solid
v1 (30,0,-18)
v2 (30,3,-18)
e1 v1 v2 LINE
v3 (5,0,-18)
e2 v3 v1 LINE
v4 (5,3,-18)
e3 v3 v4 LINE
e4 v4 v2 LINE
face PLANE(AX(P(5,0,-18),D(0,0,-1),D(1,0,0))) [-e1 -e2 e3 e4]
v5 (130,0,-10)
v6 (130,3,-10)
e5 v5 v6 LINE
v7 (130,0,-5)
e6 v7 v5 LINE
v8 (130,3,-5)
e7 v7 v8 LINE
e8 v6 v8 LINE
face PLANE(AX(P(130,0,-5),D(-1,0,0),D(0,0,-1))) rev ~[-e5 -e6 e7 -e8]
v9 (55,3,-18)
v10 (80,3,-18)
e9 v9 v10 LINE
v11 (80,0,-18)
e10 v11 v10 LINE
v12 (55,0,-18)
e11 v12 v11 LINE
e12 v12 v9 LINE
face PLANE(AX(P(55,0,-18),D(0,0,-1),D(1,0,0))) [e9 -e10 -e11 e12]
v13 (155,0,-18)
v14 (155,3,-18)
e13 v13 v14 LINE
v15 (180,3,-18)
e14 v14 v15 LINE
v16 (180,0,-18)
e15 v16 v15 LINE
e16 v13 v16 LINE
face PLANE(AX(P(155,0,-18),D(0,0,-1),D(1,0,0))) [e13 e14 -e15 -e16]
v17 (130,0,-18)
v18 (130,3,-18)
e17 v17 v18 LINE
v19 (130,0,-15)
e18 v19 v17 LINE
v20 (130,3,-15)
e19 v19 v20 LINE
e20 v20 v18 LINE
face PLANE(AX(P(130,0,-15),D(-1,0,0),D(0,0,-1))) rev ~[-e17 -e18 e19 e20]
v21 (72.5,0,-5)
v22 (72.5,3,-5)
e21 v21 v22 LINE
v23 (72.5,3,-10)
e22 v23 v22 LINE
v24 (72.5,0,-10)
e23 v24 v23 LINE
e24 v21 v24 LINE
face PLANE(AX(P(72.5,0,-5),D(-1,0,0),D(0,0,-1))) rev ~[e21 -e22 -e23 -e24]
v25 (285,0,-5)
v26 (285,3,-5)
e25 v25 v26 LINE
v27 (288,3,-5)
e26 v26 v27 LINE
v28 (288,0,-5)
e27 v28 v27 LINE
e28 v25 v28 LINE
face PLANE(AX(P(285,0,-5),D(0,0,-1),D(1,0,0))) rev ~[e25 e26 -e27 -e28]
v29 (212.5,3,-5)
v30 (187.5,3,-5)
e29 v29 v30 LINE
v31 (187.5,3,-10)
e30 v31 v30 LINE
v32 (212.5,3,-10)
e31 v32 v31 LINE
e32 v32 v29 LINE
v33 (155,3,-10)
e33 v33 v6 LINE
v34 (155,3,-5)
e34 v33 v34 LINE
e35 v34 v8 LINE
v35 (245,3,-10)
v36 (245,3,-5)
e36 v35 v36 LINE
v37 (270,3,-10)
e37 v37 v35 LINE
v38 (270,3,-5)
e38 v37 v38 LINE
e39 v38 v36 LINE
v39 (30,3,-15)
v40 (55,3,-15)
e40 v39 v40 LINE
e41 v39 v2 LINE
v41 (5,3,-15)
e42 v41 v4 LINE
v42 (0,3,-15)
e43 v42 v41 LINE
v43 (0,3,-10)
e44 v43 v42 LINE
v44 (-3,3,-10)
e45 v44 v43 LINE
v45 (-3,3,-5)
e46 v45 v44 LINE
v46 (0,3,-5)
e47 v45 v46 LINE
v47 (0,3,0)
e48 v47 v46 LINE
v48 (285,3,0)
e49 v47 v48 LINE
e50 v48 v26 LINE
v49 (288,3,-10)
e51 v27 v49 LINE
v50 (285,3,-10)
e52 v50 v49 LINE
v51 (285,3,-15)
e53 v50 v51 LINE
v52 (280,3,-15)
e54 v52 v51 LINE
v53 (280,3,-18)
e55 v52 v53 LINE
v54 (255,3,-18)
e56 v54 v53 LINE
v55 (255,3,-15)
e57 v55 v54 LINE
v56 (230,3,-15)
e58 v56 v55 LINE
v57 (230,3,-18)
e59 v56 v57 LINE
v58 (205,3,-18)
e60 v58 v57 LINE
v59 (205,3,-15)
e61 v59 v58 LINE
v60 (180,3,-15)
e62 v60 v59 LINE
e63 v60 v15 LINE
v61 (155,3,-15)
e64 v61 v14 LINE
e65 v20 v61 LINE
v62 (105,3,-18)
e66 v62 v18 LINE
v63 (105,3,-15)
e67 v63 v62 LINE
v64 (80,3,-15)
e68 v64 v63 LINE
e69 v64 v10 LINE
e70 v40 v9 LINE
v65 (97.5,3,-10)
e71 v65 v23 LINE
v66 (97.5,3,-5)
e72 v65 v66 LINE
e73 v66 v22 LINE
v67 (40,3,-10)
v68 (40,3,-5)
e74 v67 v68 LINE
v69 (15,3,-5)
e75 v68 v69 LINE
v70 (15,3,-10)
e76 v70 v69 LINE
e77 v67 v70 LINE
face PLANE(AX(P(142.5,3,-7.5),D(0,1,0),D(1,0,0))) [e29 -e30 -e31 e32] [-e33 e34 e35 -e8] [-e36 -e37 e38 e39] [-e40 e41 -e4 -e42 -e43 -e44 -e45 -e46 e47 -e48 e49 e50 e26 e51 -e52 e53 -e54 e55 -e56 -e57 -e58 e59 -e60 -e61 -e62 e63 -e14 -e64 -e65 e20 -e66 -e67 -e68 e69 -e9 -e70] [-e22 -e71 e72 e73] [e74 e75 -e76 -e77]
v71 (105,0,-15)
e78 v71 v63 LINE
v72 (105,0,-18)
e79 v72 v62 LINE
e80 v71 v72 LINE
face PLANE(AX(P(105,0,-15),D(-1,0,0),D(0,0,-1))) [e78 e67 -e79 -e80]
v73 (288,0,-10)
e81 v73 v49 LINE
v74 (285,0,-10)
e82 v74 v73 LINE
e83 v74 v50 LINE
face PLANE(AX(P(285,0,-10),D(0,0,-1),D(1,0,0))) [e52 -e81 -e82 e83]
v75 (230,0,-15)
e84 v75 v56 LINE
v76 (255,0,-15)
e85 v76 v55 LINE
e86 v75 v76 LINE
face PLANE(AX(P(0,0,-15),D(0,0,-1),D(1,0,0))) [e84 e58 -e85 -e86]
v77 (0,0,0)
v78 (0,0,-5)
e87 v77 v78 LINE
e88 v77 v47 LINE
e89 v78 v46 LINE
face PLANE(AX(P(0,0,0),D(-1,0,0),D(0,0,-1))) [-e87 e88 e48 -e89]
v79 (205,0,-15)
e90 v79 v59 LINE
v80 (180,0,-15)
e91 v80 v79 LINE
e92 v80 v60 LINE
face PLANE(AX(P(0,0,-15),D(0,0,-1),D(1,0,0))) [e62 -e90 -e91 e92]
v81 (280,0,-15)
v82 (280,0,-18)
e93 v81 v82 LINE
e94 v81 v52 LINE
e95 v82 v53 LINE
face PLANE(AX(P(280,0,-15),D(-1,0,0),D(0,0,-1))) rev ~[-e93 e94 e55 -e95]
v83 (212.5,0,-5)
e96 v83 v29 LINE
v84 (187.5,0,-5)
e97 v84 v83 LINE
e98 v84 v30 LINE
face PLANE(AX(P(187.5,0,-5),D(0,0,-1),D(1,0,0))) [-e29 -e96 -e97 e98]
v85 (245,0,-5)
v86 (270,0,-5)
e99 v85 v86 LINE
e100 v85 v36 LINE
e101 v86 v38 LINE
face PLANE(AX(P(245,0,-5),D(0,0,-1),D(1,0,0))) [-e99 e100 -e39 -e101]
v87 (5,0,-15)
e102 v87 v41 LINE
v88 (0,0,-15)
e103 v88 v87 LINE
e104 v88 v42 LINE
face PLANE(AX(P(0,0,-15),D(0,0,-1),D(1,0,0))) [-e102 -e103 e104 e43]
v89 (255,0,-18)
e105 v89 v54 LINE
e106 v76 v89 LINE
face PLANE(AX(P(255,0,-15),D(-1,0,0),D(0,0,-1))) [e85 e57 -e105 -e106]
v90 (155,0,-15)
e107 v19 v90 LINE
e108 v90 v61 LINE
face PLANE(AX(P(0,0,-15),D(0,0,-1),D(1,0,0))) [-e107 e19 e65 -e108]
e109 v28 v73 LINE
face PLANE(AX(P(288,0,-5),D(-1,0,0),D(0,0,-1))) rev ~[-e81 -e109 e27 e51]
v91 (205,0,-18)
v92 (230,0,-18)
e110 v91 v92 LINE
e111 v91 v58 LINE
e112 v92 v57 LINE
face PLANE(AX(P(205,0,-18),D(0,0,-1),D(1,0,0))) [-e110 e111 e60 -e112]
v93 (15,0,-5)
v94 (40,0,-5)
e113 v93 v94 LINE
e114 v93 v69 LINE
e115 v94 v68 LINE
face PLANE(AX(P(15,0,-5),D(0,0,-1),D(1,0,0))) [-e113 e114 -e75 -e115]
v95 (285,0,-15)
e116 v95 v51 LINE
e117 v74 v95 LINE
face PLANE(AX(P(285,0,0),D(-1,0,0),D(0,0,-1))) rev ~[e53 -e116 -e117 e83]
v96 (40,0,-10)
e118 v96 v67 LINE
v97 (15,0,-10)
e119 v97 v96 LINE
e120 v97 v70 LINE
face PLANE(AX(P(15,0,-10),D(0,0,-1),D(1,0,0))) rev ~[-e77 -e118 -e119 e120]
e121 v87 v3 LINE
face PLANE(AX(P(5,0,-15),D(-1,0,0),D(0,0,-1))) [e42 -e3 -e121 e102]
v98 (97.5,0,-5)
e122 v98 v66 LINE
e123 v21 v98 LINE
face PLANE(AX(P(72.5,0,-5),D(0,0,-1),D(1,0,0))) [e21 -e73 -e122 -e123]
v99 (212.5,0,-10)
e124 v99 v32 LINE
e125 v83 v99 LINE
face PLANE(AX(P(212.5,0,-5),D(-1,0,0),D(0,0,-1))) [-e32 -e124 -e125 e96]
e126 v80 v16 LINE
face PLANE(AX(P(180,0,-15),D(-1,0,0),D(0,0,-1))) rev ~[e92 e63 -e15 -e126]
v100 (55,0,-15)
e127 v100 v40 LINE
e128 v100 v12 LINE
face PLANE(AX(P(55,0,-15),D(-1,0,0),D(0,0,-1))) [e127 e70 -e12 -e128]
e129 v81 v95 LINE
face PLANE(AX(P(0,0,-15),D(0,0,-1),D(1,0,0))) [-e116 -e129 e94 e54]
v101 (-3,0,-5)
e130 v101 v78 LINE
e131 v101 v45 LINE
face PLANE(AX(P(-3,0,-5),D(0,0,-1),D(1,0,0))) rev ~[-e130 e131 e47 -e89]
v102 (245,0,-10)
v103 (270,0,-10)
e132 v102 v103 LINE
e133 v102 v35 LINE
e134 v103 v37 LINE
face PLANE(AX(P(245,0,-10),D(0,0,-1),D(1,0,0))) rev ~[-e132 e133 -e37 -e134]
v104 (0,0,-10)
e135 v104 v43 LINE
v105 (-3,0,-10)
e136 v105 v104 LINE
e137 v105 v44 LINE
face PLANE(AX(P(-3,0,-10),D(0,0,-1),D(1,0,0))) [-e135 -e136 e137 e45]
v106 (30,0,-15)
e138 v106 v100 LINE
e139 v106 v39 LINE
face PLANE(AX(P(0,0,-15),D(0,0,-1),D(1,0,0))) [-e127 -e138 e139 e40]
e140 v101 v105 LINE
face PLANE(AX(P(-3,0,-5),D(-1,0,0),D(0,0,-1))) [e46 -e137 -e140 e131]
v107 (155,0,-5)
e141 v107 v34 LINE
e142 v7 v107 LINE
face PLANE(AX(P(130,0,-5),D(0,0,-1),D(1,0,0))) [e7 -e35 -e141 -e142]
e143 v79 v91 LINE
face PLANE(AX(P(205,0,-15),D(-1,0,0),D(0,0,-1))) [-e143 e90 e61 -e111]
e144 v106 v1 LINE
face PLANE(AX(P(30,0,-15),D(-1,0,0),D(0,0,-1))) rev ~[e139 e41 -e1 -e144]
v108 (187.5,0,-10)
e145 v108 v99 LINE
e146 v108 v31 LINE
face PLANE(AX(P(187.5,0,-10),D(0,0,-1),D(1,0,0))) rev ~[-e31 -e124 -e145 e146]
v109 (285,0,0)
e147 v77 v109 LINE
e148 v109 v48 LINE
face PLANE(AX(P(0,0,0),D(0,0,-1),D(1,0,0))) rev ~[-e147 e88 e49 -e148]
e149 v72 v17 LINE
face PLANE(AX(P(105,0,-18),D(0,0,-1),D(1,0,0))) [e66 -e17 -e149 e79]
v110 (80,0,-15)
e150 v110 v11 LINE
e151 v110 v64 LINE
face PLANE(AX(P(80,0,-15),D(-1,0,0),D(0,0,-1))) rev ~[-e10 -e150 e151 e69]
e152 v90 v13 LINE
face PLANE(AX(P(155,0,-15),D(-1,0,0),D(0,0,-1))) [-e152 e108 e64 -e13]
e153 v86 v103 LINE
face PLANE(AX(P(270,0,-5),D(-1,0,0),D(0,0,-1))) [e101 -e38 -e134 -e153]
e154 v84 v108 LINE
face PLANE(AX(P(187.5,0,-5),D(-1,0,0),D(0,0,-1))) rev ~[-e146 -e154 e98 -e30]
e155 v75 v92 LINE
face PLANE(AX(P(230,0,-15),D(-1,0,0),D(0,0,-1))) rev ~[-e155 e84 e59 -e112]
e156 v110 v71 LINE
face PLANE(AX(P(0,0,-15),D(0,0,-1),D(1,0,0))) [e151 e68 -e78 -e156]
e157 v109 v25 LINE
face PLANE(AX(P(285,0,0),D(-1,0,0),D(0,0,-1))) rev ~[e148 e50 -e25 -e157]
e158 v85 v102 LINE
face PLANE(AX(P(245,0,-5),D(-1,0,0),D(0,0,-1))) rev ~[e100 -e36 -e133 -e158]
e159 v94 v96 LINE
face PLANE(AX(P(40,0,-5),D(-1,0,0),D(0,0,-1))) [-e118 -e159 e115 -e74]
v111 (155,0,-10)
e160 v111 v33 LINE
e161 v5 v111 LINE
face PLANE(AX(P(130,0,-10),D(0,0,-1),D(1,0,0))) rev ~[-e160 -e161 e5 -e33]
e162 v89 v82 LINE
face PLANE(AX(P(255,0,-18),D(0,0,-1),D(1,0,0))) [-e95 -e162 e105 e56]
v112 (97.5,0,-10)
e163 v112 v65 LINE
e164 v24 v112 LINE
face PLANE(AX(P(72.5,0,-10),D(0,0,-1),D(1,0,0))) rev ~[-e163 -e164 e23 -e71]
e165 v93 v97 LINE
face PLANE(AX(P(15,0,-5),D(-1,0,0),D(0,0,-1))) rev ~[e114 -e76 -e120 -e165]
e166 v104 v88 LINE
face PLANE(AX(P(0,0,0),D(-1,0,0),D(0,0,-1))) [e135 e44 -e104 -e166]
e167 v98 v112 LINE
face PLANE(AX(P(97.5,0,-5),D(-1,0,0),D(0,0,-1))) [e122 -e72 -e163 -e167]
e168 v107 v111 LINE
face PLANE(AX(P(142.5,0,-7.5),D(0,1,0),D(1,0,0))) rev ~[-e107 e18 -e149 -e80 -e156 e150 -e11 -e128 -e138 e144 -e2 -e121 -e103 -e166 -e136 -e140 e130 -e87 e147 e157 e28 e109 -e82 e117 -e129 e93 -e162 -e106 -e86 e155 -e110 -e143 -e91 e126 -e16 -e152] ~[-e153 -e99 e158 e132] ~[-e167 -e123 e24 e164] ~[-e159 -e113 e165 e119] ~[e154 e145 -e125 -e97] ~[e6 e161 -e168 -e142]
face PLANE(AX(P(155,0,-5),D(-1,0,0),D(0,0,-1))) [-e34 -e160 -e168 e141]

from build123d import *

# Parameters (mm, degrees)
SKICA1_W                 = 285
SKICA1_H                 = 15
P_IDAT_VYSUNUT_M1_DEPTH  = 3
SKICA2_W                 = 25
SKICA2_H                 = 3
SKICA2_W_2               = 3
SKICA2_H_2               = 5
P_IDAT_VYSUNUT_M2_DEPTH  = 3
SKICA3_W                 = 25
SKICA3_H                 = 5
ODEBRAT_VYSUNUT_M1_DEPTH = 289.577545904


with BuildPart() as part:
    # Skica1 → Přidat vysunutím1 (new body)
    with BuildSketch(Plane(origin=(0, 0, 0), x_dir=(1, 0, 0), z_dir=(0, 1, 0))):
        with Locations((142.5, 7.5)):
            Rectangle(SKICA1_W, SKICA1_H)
    extrude(amount=P_IDAT_VYSUNUT_M1_DEPTH)

    # Skica2 → Přidat vysunutím2 (add)
    with BuildSketch(Plane(origin=(0, 0, 0), x_dir=(1, 0, 0), z_dir=(0, 1, 0))):
        with Locations((67.5, 16.5)):
            Rectangle(SKICA2_W, SKICA2_H)
        with Locations((-1.5, 7.5)):
            Rectangle(SKICA2_W_2, SKICA2_H_2)
        with Locations((17.5, 16.5)):
            Rectangle(SKICA2_W, SKICA2_H)
        with Locations((117.5, 16.5)):
            Rectangle(SKICA2_W, SKICA2_H)
        with Locations((167.5, 16.5)):
            Rectangle(SKICA2_W, SKICA2_H)
        with Locations((286.5, 7.5)):
            Rectangle(SKICA2_W_2, SKICA2_H_2)
        with Locations((217.5, 16.5)):
            Rectangle(SKICA2_W, SKICA2_H)
        with Locations((267.5, 16.5)):
            Rectangle(SKICA2_W, SKICA2_H)
    extrude(amount=P_IDAT_VYSUNUT_M2_DEPTH)

    # Skica3 → Odebrat vysunutím1 (cut, through all)
    with BuildSketch(Plane(origin=(0, 0, 0), x_dir=(1, 0, 0), z_dir=(0, 1, 0))):
        with Locations((27.5, 7.5)):
            Rectangle(SKICA3_W, SKICA3_H)
        with Locations((85, 7.5)):
            Rectangle(SKICA3_W, SKICA3_H)
        with Locations((142.5, 7.5)):
            Rectangle(SKICA3_W, SKICA3_H)
        with Locations((200, 7.5)):
            Rectangle(SKICA3_W, SKICA3_H)
        with Locations((257.5, 7.5)):
            Rectangle(SKICA3_W, SKICA3_H)
    extrude(amount=ODEBRAT_VYSUNUT_M1_DEPTH, mode=Mode.SUBTRACT)


solid = part.part
